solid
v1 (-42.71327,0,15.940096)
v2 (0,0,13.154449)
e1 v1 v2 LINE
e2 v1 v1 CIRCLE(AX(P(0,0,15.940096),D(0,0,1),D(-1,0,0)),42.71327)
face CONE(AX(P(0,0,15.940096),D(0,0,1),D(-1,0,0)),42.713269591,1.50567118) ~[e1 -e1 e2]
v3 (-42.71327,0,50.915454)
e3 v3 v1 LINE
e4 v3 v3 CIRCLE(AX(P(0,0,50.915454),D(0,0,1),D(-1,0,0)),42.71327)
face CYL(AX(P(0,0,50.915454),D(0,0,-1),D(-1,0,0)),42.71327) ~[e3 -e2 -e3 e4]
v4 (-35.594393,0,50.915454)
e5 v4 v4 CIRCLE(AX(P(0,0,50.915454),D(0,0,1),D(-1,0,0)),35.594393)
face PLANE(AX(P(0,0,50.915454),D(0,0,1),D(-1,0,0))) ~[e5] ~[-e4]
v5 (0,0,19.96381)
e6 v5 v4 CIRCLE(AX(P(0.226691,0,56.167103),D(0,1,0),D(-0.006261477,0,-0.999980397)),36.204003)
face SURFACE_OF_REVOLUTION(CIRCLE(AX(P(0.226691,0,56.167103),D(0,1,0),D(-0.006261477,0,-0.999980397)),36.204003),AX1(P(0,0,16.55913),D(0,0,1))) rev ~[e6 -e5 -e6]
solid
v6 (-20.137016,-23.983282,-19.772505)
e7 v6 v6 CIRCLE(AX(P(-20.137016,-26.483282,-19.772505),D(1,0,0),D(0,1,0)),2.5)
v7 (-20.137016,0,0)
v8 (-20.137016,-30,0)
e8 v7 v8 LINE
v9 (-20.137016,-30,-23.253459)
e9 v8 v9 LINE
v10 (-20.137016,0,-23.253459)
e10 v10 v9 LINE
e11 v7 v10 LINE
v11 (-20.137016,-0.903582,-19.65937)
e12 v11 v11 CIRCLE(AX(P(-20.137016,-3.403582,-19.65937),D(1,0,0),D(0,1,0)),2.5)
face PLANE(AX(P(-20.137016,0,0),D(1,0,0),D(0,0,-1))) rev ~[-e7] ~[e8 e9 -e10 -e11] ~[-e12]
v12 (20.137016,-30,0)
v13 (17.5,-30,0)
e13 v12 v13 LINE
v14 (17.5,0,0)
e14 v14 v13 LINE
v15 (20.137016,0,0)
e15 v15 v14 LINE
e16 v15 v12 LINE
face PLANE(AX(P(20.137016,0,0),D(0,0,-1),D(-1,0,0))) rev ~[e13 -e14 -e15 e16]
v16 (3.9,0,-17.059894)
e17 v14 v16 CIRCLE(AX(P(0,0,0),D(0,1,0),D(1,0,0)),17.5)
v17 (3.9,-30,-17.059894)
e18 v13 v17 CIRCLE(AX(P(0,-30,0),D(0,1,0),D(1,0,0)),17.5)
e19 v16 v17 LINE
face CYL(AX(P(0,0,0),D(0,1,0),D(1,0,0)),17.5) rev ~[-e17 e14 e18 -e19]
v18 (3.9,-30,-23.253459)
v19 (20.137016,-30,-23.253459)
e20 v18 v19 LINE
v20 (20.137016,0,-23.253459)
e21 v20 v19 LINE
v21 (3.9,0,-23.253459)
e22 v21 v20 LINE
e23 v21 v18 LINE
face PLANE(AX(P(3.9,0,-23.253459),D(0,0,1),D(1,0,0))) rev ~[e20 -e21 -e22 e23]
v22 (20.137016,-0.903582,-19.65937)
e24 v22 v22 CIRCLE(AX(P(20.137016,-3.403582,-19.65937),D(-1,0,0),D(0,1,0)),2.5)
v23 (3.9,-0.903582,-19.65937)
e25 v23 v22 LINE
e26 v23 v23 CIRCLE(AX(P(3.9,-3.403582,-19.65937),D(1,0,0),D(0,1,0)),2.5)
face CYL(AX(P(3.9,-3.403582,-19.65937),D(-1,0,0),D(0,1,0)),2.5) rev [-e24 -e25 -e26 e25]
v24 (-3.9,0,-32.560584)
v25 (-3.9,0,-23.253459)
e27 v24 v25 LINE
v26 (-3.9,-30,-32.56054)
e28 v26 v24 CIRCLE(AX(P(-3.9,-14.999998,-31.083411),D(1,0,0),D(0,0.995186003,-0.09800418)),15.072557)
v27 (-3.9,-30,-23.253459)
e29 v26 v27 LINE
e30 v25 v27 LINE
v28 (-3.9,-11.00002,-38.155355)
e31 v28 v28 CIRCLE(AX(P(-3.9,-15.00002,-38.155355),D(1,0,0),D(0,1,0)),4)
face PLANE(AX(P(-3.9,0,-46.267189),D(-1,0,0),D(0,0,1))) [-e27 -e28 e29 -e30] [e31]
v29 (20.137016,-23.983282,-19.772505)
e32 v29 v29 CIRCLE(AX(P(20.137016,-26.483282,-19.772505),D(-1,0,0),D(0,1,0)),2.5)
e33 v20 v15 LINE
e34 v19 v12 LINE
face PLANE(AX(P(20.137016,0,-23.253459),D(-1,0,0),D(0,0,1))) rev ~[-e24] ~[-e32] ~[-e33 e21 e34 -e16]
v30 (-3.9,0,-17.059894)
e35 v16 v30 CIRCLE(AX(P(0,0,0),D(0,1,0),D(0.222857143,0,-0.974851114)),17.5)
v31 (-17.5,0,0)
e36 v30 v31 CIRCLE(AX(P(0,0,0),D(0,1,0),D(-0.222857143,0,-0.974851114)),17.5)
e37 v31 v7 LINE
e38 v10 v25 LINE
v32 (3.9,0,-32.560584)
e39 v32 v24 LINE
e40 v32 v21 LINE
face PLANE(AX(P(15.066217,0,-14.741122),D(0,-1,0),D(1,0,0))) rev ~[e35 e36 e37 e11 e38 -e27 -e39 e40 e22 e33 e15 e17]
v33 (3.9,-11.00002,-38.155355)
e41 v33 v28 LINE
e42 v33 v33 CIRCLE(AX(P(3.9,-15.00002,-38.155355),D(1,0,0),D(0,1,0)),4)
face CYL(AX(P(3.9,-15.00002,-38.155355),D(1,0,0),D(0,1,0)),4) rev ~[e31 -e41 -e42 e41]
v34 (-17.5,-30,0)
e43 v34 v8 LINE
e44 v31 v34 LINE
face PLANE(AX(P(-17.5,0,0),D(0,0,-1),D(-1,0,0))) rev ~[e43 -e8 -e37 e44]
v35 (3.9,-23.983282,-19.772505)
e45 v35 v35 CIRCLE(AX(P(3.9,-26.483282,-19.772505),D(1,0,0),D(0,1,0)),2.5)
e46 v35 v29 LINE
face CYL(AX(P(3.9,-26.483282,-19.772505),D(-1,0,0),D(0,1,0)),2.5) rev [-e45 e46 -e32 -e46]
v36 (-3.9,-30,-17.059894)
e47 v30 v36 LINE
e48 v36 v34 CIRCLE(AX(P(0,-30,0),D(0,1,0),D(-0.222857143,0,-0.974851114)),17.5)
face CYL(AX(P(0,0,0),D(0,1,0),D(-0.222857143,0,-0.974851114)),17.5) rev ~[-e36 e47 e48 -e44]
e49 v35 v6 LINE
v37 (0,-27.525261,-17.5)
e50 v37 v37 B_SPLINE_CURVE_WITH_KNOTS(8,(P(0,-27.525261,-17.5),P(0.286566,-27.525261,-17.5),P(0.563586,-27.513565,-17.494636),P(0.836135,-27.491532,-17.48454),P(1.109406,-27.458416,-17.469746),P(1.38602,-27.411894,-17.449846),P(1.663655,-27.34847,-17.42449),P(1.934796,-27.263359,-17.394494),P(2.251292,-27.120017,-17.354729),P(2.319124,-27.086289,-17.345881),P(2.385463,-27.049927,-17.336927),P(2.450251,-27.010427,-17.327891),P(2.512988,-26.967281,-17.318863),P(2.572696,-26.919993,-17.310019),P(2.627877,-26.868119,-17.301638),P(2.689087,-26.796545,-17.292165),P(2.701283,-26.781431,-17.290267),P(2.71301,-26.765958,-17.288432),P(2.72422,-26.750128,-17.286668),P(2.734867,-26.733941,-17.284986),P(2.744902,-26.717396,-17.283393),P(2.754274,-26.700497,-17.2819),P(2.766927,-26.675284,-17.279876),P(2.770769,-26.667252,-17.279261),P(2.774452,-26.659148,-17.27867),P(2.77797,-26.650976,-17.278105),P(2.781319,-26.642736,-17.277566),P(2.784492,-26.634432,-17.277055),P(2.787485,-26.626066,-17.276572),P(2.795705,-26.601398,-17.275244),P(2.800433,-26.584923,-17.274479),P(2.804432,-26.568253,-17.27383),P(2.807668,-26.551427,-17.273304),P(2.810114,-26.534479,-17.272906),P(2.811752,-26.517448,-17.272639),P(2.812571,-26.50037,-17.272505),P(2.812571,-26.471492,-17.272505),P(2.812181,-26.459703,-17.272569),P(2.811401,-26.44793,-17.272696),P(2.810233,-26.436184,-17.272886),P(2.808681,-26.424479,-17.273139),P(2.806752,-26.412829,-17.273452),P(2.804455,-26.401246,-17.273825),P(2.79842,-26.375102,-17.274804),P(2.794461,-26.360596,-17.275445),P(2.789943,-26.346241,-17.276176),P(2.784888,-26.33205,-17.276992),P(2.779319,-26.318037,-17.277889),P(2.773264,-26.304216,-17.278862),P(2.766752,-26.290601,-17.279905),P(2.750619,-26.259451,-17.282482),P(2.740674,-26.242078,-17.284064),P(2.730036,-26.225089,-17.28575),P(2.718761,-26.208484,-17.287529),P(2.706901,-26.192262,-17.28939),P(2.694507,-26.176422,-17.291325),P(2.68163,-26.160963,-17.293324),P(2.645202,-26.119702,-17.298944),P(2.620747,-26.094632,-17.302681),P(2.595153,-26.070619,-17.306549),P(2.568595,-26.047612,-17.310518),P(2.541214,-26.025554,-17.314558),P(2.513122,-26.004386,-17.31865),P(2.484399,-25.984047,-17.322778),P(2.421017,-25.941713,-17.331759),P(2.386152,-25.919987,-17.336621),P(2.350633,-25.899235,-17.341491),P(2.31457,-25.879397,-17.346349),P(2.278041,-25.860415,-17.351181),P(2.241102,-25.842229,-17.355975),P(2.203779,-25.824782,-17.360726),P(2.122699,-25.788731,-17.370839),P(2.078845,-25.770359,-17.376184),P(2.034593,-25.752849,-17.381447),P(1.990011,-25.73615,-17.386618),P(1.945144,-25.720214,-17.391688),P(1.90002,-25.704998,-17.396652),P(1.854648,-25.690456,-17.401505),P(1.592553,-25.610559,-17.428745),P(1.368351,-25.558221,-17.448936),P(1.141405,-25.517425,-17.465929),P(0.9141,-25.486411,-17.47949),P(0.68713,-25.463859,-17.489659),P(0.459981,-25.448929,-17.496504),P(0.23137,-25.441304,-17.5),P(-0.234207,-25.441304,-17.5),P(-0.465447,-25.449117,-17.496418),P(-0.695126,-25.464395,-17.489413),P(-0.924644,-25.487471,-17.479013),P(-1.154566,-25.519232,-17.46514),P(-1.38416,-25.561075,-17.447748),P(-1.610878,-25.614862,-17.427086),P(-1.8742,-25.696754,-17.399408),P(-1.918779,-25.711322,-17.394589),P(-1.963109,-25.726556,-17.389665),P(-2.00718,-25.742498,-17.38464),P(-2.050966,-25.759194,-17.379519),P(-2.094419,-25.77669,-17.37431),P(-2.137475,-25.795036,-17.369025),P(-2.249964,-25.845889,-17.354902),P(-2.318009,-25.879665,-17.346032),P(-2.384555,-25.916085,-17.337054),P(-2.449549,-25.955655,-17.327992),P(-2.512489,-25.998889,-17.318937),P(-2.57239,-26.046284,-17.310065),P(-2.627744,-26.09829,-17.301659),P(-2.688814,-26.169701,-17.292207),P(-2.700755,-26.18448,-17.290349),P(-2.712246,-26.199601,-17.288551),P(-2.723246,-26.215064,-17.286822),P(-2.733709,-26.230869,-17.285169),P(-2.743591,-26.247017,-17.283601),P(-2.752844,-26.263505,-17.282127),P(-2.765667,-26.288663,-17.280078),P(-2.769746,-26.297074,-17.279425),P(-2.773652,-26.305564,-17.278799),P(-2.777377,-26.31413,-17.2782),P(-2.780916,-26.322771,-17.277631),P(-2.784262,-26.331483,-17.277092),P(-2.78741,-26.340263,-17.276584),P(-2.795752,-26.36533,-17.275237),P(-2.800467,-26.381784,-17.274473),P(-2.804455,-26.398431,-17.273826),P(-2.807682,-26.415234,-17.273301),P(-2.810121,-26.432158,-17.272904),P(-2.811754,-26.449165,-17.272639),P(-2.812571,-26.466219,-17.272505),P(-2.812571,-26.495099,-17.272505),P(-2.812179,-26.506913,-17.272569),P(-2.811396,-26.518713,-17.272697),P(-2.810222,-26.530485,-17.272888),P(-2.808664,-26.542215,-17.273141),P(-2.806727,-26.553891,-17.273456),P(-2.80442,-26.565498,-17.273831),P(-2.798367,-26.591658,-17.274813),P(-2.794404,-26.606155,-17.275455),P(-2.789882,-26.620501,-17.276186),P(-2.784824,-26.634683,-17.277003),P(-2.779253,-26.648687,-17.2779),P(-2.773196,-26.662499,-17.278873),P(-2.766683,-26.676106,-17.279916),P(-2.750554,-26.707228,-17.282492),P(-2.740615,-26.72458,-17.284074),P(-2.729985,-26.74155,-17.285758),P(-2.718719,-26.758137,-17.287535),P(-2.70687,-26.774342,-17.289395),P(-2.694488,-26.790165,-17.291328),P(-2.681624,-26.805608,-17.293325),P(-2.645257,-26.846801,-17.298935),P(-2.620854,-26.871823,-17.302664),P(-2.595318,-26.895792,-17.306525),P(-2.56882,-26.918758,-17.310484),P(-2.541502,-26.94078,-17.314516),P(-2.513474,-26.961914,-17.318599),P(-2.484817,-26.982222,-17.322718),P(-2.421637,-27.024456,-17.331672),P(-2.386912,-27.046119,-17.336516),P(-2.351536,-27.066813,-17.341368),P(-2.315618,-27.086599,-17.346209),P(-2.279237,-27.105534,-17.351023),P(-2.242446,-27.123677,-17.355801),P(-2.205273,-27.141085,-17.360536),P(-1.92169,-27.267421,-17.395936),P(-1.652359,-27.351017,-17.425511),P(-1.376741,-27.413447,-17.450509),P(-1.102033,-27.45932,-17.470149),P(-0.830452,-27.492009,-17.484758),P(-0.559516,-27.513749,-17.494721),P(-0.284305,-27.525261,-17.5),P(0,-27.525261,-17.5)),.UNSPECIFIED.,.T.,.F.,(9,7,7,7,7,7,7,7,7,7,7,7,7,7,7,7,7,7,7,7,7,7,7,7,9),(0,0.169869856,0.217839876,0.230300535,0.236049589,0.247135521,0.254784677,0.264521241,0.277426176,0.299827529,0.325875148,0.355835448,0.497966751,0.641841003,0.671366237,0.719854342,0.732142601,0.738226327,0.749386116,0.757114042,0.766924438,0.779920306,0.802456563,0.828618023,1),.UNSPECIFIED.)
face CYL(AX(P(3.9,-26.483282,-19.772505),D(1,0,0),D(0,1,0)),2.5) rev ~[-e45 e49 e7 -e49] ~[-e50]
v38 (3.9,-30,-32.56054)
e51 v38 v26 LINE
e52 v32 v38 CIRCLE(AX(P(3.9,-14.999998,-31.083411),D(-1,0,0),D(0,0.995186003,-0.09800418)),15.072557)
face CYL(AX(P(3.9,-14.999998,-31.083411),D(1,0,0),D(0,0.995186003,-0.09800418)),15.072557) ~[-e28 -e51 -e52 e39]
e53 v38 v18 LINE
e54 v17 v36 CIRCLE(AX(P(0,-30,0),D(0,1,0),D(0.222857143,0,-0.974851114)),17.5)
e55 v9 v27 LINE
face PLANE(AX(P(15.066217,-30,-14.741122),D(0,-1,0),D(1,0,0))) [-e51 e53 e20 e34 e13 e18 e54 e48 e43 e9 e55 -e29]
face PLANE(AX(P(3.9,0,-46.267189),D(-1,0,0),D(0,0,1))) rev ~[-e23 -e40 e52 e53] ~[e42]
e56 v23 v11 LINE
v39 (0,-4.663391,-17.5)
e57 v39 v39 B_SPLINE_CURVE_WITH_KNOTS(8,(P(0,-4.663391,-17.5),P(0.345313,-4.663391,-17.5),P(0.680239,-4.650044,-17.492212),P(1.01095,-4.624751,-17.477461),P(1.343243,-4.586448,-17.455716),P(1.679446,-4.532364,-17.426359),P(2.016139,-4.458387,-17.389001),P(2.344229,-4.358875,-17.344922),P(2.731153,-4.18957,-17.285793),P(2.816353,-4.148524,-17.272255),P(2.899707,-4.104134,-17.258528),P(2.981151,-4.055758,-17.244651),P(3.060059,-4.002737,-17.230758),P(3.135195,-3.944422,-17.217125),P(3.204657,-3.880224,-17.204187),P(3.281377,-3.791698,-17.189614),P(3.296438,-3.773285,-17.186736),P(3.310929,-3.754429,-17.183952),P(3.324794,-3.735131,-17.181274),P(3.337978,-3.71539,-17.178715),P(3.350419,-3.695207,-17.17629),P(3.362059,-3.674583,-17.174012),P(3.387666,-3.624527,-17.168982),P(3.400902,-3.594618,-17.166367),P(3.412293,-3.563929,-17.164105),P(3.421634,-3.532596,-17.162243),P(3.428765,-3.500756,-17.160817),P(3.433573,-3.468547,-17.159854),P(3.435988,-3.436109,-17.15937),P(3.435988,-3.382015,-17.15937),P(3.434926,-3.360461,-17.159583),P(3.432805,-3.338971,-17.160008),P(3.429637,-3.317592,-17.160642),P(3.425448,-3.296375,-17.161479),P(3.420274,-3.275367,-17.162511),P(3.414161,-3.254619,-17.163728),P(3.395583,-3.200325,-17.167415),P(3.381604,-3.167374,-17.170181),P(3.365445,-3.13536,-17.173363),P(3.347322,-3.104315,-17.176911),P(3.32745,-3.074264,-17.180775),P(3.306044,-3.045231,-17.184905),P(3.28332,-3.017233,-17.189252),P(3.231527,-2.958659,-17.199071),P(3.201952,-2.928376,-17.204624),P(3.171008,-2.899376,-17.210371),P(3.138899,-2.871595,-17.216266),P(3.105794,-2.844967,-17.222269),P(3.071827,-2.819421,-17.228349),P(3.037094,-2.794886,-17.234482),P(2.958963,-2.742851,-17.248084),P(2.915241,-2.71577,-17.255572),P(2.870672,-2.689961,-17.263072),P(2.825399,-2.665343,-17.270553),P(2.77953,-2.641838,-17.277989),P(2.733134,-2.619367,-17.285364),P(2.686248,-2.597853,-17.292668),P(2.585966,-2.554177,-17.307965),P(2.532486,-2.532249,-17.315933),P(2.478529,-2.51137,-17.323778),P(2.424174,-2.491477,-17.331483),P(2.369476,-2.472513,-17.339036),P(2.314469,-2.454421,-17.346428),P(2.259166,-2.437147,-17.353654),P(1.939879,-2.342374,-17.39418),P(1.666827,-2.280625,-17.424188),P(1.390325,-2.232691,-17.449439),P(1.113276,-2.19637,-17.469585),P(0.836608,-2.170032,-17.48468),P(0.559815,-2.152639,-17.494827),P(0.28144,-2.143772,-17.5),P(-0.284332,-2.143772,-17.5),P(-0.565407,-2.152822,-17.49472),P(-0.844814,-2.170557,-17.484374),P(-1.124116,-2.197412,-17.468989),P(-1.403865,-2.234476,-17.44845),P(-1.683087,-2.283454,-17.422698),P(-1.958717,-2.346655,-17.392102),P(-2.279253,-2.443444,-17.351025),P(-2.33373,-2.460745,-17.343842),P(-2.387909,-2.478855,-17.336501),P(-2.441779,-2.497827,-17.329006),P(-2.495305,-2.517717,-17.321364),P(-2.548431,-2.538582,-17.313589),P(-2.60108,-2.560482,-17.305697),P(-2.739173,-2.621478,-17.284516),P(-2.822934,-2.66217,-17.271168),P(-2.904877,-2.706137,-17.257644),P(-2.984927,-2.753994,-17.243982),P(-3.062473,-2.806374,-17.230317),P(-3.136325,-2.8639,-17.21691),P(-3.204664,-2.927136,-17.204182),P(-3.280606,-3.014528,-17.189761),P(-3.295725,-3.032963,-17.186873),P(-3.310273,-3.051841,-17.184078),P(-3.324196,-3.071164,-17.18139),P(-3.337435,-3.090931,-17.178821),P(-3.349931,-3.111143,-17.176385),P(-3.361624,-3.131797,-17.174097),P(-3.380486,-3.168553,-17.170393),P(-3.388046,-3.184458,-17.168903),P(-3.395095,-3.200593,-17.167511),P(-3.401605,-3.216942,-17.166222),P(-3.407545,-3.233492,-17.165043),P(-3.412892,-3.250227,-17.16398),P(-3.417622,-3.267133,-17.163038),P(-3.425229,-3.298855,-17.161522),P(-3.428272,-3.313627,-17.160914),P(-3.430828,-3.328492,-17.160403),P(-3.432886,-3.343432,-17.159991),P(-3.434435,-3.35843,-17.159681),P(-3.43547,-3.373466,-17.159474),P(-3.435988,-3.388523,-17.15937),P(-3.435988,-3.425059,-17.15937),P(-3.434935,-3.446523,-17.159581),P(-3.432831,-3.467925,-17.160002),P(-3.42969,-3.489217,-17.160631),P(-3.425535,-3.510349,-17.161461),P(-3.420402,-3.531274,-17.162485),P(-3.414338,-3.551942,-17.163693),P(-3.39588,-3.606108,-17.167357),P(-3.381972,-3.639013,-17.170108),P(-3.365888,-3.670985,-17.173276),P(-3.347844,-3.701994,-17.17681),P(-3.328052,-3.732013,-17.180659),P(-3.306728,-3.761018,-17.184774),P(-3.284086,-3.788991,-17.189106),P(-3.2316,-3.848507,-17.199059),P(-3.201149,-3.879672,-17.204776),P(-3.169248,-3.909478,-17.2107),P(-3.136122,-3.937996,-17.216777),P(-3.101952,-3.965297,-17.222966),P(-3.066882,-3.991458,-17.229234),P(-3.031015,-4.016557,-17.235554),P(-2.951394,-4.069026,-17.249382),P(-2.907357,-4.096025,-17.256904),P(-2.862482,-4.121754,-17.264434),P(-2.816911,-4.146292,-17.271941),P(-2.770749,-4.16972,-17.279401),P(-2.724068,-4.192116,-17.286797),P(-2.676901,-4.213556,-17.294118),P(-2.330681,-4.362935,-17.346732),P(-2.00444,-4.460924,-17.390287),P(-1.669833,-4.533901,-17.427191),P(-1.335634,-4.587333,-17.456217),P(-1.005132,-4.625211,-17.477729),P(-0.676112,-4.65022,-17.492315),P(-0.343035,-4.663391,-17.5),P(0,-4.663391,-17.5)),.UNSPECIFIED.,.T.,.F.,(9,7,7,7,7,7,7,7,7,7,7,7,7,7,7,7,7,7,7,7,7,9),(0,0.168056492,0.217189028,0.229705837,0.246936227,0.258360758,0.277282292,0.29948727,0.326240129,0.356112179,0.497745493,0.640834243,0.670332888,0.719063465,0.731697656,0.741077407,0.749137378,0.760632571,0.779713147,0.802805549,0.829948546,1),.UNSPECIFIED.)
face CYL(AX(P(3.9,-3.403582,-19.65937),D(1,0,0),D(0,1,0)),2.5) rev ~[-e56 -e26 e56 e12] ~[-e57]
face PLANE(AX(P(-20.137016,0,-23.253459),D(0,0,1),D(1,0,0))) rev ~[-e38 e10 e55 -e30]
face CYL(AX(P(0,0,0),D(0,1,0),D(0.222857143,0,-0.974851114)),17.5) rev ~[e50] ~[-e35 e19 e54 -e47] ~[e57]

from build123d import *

# Parameters (mm, degrees)
F0_W          = 7.8
F0_H          = 23.0137296021
F1_DEPTH      = 30
F3_DEPTH      = 24.0380157301
F4_R          = 4
F4_R_2        = 2.5
F5_DEPTH      = 24.0380157301
F5_DEPTH_BACK = 16.2380157301


with BuildPart() as f1:
    # F0 (on Front) → F1 (new body)
    with BuildSketch(Plane.XZ):
        with BuildLine():
            Line((20.1370157301, 0), (20, 0))
            ThreePointArc((20, 0), (15.4596248337, -12.6885775404), (3.9, -19.6160648449))
            Line((3.9, -19.6160648449), (3.9, -23.2534594834))
            Line((3.9, -23.2534594834), (20.1370157301, -23.2534594834))
            Line((20.1370157301, -23.2534594834), (20.1370157301, 0))
        make_face()
        with BuildLine():
            Line((20, 0), (17.5, 0))
            ThreePointArc((17.5, 0), (13.6839321834, -10.9087121146), (3.9, -17.0598944897))
            Line((3.9, -17.0598944897), (3.9, -19.6160648449))
            ThreePointArc((3.9, -19.6160648449), (15.4596248337, -12.6885775404), (20, 0))
        make_face()
        with BuildLine():
            Line((3.9, -19.6160648449), (3.9, -17.0598944897))
            ThreePointArc((3.9, -17.0598944897), (0, -17.5), (-3.9, -17.0598944897))
            Line((-3.9, -17.0598944897), (-3.9, -19.6160648449))
            ThreePointArc((-3.9, -19.6160648449), (0, -20), (3.9, -19.6160648449))
        make_face()
        with BuildLine():
            Line((-3.9, -19.6160648449), (-3.9, -17.0598944897))
            ThreePointArc((-3.9, -17.0598944897), (-13.6839321834, -10.9087121146), (-17.5, 0))
            Line((-17.5, 0), (-20, 0))
            ThreePointArc((-20, 0), (-15.4596248337, -12.6885775404), (-3.9, -19.6160648449))
        make_face()
        with BuildLine():
            Line((-3.9, -23.2534594834), (-3.9, -19.6160648449))
            ThreePointArc((-3.9, -19.6160648449), (-15.4596248337, -12.6885775404), (-20, 0))
            Line((-20, 0), (-20.1370157301, 0))
            Line((-20.1370157301, 0), (-20.1370157301, -23.2534594834))
            Line((-20.1370157301, -23.2534594834), (-3.9, -23.2534594834))
        make_face()
        with BuildLine():
            Line((3.9, -23.2534594834), (3.9, -19.6160648449))
            ThreePointArc((3.9, -19.6160648449), (0, -20), (-3.9, -19.6160648449))
            Line((-3.9, -19.6160648449), (-3.9, -23.2534594834))
            Line((-3.9, -23.2534594834), (3.9, -23.2534594834))
        make_face()
        with Locations((0, -34.7603242844)):
            Rectangle(F0_W, F0_H)
    extrude(amount=F1_DEPTH)

    # F2 (on face) → F3 (cut, through all)
    with BuildSketch(Plane.YZ.offset(3.9)):
        with BuildLine():
            Line((0, -46.2671890855), (0, -32.5605841978))
            ThreePointArc((0, -32.5605841978), (-15.0000202292, -46.1559676511), (-30, -32.5605395594))
            Line((-30, -32.5605395594), (-30, -46.2671890855))
            Line((-30, -46.2671890855), (0, -46.2671890855))
        make_face()
    extrude(amount=-F3_DEPTH, mode=Mode.SUBTRACT)

    # F4 (on face) → F5 (cut, two sides)
    with BuildSketch(Plane.YZ.offset(3.9)) as f5_sk:
        with Locations((-15.0000202292, -38.1553545594)):
            Circle(F4_R)
        with Locations((-26.4832824469, -19.7725053877)):
            Circle(F4_R_2)
        with Locations((-3.4035816789, -19.6593701839)):
            Circle(F4_R_2)
    extrude(amount=-F5_DEPTH, mode=Mode.SUBTRACT)
    extrude(f5_sk.sketch, amount=F5_DEPTH_BACK, mode=Mode.SUBTRACT)


with BuildPart() as f7:
    # F6 (on Front) → F7 (revolve)
    with BuildSketch(Plane.XZ):
        with BuildLine():
            ThreePointArc((0, 19.9638102204), (-23.5296044776, 28.8473619788), (-35.5943925679, 50.915453583))
            Line((-35.5943925679, 50.915453583), (-42.7132695913, 50.915453583))
            Line((-42.7132695913, 50.915453583), (-42.7132695913, 15.9400962293))
            Line((-42.7132695913, 15.9400962293), (0, 13.1544489413))
            Line((0, 13.1544489413), (0, 19.9638102204))
        make_face()
    revolve(axis=Axis((0, 0, 16.5591295809), (0, 0, 1)))


solid = Compound([f1.part, f7.part])
